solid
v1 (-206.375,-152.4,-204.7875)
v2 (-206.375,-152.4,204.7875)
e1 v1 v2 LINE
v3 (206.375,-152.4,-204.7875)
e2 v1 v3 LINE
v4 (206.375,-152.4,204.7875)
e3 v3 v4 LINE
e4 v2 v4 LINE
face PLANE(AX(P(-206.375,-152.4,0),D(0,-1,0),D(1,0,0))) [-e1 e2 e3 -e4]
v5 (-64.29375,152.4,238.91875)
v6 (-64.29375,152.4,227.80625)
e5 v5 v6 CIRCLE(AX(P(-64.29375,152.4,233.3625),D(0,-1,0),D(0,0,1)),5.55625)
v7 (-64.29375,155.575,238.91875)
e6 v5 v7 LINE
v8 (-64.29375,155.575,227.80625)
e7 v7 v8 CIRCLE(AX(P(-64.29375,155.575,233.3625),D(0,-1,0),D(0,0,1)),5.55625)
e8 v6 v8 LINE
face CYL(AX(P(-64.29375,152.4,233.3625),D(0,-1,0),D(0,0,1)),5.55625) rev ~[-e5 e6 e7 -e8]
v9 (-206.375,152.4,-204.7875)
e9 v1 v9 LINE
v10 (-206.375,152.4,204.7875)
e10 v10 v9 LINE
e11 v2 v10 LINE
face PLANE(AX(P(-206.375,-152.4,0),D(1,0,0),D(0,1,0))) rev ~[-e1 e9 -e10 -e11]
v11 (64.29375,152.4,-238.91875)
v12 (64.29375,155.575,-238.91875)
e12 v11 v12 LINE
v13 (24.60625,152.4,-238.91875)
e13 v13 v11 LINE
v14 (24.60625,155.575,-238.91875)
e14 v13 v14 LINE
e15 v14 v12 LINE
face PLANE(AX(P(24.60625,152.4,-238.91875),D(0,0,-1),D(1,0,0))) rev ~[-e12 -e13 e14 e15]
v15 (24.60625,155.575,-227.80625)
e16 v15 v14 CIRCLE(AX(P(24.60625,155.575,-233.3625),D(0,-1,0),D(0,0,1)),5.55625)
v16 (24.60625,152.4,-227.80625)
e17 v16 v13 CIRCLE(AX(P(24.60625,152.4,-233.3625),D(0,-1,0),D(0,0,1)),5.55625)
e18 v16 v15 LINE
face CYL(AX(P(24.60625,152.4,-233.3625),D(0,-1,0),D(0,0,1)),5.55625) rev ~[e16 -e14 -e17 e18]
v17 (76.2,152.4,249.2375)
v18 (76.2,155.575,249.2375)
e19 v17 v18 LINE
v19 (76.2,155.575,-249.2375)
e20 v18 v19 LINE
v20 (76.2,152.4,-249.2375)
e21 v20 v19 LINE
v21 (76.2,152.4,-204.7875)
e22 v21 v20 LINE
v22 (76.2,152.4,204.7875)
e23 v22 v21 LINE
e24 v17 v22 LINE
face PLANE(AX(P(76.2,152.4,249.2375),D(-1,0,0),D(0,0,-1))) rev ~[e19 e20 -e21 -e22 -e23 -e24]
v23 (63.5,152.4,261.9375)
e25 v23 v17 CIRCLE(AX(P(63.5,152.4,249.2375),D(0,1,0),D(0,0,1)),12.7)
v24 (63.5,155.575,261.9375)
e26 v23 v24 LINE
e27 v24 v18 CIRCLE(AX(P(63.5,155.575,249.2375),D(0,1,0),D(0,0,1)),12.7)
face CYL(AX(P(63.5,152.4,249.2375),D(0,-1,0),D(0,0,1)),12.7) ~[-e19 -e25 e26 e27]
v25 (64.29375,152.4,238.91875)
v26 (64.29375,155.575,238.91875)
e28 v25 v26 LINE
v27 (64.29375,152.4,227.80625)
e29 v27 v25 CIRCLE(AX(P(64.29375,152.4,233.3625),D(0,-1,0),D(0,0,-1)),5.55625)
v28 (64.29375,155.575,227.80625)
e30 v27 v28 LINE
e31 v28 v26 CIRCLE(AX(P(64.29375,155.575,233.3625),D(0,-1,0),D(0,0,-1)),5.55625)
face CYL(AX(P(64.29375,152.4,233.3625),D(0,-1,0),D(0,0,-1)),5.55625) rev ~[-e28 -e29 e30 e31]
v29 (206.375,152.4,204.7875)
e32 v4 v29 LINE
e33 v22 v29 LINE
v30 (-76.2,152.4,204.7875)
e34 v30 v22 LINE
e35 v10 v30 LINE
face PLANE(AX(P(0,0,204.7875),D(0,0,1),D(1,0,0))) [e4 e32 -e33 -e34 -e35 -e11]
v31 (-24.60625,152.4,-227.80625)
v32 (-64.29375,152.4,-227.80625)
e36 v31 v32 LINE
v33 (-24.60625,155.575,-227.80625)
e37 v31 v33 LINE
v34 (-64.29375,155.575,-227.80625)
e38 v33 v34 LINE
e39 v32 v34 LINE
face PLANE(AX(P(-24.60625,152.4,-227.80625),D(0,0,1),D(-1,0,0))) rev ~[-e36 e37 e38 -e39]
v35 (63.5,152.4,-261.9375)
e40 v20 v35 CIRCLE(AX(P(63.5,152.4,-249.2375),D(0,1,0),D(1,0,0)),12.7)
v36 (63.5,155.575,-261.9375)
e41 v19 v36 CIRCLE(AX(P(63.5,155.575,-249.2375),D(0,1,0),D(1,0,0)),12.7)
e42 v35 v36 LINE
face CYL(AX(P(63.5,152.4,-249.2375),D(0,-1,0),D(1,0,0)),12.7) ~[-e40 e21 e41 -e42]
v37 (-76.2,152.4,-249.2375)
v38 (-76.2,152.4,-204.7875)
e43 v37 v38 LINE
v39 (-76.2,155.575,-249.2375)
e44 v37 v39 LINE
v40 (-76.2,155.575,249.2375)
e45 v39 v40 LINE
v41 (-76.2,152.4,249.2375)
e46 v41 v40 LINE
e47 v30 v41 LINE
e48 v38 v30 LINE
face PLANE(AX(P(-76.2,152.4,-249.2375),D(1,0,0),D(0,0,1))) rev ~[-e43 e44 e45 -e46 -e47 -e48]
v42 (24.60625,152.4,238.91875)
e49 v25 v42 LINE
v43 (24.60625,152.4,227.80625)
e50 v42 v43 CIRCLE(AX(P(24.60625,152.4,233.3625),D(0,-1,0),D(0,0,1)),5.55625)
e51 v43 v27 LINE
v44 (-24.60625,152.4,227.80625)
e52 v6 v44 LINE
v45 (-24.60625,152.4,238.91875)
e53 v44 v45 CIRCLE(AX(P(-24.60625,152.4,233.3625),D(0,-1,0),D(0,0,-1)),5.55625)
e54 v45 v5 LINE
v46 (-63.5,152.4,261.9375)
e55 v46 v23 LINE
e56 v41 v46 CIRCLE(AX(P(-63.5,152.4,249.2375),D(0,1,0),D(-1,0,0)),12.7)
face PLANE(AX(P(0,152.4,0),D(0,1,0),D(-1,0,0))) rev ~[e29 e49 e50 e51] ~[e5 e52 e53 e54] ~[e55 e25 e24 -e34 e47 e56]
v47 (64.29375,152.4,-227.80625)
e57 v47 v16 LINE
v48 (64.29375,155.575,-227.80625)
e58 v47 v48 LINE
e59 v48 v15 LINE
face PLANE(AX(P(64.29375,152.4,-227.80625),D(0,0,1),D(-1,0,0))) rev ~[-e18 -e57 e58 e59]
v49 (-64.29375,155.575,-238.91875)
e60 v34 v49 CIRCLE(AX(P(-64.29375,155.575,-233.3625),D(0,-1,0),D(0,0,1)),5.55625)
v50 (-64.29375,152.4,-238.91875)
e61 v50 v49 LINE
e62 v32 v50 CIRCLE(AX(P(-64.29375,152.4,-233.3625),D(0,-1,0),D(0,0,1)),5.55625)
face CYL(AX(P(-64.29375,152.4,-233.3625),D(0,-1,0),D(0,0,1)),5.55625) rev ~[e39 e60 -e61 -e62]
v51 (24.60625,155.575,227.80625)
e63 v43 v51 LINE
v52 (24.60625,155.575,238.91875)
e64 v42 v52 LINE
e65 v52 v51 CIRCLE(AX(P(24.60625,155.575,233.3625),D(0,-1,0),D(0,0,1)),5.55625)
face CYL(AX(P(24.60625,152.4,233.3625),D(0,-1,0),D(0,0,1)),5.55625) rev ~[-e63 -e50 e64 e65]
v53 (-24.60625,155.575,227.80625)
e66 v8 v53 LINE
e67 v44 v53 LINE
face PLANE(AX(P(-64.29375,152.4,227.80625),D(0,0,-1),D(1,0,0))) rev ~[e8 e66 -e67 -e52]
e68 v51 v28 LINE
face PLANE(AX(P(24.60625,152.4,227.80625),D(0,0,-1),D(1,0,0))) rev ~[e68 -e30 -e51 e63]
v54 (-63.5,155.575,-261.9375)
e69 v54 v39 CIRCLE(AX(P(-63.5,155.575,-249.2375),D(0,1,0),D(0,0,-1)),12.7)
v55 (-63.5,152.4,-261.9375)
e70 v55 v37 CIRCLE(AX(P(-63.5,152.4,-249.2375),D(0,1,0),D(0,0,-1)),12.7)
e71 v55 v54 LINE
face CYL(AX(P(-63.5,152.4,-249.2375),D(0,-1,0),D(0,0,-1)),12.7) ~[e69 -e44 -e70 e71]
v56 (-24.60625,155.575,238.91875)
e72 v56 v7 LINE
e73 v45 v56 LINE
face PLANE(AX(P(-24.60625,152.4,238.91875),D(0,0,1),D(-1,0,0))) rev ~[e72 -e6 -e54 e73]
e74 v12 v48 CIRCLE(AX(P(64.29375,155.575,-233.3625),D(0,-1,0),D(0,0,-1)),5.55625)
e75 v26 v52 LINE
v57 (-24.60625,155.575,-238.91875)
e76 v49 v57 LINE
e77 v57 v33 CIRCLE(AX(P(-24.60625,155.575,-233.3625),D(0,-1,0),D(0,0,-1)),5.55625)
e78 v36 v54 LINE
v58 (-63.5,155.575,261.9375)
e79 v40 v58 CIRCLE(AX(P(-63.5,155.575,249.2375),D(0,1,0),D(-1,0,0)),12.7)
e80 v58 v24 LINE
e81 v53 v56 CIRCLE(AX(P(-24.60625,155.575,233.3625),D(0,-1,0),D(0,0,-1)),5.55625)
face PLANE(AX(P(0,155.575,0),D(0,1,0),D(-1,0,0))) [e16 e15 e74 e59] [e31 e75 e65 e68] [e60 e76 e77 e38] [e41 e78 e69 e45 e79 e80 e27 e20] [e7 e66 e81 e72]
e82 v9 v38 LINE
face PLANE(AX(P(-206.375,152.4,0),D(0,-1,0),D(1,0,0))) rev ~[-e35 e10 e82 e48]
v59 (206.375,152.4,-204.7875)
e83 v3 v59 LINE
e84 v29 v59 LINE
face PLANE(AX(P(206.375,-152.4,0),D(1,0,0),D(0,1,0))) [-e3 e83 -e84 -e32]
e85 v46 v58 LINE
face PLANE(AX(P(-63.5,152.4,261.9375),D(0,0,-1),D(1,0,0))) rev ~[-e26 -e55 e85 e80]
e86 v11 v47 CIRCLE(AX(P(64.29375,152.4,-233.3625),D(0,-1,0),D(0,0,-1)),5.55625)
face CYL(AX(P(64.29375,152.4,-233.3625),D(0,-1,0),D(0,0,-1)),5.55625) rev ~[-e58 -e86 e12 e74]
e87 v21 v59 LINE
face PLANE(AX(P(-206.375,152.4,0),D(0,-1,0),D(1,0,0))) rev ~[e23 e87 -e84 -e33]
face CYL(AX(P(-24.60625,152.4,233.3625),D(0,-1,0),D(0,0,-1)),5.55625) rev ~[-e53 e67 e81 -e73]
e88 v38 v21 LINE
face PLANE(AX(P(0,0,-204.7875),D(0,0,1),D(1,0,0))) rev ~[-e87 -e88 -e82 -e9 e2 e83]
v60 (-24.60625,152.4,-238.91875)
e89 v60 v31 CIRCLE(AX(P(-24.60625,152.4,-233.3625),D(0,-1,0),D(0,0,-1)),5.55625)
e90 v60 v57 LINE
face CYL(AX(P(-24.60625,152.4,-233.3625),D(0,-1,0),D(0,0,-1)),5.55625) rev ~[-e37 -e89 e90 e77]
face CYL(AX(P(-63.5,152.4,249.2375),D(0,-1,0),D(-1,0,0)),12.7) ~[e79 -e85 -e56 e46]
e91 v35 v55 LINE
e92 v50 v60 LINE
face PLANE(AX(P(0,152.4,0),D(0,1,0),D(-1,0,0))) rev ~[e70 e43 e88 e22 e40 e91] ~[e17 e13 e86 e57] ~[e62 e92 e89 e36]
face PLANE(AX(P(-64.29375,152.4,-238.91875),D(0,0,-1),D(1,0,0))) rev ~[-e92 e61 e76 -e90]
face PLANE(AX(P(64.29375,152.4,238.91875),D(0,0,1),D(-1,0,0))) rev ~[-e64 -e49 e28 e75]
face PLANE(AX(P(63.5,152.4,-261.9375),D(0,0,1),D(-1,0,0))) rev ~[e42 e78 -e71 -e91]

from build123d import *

# Parameters (mm, degrees)
F0_W     = 412.75
F0_H     = 304.8
F1_DEPTH = 204.7875
F3_DEPTH = 3.175


with BuildPart() as f1:
    # F0 (on Top) → F1 (new body, symmetric)
    with BuildSketch(Plane.XY):
        Rectangle(F0_W, F0_H)
    extrude(amount=F1_DEPTH, both=True)

    # F2 (on face) → F3 (join)
    with BuildSketch(Plane(origin=(0, 152.4, 0), x_dir=(-1, 0, 0), z_dir=(0, 1, 0))):
        with BuildLine():
            ThreePointArc((76.2, 249.2375), (72.4802561211, 258.2177561211), (63.5, 261.9375))
            Line((63.5, 261.9375), (-63.5, 261.9375))
            ThreePointArc((-63.5, 261.9375), (-72.4802561211, 258.2177561211), (-76.2, 249.2375))
            Line((-76.2, 249.2375), (-76.2, -249.2375))
            ThreePointArc((-76.2, -249.2375), (-72.4802561211, -258.2177561211), (-63.5, -261.9375))
            Line((-63.5, -261.9375), (63.5, -261.9375))
            ThreePointArc((63.5, -261.9375), (72.4802561211, -258.2177561211), (76.2, -249.2375))
            Line((76.2, -249.2375), (76.2, 249.2375))
        make_face()
        with BuildLine():
            Line((-64.29375, -227.80625), (-24.60625, -227.80625))
            ThreePointArc((-24.60625, -227.80625), (-19.05, -233.3625), (-24.60625, -238.91875))
            Line((-24.60625, -238.91875), (-64.29375, -238.91875))
            ThreePointArc((-64.29375, -238.91875), (-69.85, -233.3625), (-64.29375, -227.80625))
        make_face(mode=Mode.SUBTRACT)
        with BuildLine():
            Line((24.60625, -227.80625), (64.29375, -227.80625))
            ThreePointArc((64.29375, -227.80625), (69.85, -233.3625), (64.29375, -238.91875))
            Line((64.29375, -238.91875), (24.60625, -238.91875))
            ThreePointArc((24.60625, -238.91875), (19.05, -233.3625), (24.60625, -227.80625))
        make_face(mode=Mode.SUBTRACT)
        with BuildLine():
            Line((-64.29375, 238.91875), (-24.60625, 238.91875))
            ThreePointArc((-24.60625, 238.91875), (-19.05, 233.3625), (-24.60625, 227.80625))
            Line((-24.60625, 227.80625), (-64.29375, 227.80625))
            ThreePointArc((-64.29375, 227.80625), (-69.85, 233.3625), (-64.29375, 238.91875))
        make_face(mode=Mode.SUBTRACT)
        with BuildLine():
            Line((24.60625, 238.91875), (64.29375, 238.91875))
            ThreePointArc((64.29375, 238.91875), (69.85, 233.3625), (64.29375, 227.80625))
            Line((64.29375, 227.80625), (24.60625, 227.80625))
            ThreePointArc((24.60625, 227.80625), (19.05, 233.3625), (24.60625, 238.91875))
        make_face(mode=Mode.SUBTRACT)
    extrude(amount=F3_DEPTH)


solid = f1.part
